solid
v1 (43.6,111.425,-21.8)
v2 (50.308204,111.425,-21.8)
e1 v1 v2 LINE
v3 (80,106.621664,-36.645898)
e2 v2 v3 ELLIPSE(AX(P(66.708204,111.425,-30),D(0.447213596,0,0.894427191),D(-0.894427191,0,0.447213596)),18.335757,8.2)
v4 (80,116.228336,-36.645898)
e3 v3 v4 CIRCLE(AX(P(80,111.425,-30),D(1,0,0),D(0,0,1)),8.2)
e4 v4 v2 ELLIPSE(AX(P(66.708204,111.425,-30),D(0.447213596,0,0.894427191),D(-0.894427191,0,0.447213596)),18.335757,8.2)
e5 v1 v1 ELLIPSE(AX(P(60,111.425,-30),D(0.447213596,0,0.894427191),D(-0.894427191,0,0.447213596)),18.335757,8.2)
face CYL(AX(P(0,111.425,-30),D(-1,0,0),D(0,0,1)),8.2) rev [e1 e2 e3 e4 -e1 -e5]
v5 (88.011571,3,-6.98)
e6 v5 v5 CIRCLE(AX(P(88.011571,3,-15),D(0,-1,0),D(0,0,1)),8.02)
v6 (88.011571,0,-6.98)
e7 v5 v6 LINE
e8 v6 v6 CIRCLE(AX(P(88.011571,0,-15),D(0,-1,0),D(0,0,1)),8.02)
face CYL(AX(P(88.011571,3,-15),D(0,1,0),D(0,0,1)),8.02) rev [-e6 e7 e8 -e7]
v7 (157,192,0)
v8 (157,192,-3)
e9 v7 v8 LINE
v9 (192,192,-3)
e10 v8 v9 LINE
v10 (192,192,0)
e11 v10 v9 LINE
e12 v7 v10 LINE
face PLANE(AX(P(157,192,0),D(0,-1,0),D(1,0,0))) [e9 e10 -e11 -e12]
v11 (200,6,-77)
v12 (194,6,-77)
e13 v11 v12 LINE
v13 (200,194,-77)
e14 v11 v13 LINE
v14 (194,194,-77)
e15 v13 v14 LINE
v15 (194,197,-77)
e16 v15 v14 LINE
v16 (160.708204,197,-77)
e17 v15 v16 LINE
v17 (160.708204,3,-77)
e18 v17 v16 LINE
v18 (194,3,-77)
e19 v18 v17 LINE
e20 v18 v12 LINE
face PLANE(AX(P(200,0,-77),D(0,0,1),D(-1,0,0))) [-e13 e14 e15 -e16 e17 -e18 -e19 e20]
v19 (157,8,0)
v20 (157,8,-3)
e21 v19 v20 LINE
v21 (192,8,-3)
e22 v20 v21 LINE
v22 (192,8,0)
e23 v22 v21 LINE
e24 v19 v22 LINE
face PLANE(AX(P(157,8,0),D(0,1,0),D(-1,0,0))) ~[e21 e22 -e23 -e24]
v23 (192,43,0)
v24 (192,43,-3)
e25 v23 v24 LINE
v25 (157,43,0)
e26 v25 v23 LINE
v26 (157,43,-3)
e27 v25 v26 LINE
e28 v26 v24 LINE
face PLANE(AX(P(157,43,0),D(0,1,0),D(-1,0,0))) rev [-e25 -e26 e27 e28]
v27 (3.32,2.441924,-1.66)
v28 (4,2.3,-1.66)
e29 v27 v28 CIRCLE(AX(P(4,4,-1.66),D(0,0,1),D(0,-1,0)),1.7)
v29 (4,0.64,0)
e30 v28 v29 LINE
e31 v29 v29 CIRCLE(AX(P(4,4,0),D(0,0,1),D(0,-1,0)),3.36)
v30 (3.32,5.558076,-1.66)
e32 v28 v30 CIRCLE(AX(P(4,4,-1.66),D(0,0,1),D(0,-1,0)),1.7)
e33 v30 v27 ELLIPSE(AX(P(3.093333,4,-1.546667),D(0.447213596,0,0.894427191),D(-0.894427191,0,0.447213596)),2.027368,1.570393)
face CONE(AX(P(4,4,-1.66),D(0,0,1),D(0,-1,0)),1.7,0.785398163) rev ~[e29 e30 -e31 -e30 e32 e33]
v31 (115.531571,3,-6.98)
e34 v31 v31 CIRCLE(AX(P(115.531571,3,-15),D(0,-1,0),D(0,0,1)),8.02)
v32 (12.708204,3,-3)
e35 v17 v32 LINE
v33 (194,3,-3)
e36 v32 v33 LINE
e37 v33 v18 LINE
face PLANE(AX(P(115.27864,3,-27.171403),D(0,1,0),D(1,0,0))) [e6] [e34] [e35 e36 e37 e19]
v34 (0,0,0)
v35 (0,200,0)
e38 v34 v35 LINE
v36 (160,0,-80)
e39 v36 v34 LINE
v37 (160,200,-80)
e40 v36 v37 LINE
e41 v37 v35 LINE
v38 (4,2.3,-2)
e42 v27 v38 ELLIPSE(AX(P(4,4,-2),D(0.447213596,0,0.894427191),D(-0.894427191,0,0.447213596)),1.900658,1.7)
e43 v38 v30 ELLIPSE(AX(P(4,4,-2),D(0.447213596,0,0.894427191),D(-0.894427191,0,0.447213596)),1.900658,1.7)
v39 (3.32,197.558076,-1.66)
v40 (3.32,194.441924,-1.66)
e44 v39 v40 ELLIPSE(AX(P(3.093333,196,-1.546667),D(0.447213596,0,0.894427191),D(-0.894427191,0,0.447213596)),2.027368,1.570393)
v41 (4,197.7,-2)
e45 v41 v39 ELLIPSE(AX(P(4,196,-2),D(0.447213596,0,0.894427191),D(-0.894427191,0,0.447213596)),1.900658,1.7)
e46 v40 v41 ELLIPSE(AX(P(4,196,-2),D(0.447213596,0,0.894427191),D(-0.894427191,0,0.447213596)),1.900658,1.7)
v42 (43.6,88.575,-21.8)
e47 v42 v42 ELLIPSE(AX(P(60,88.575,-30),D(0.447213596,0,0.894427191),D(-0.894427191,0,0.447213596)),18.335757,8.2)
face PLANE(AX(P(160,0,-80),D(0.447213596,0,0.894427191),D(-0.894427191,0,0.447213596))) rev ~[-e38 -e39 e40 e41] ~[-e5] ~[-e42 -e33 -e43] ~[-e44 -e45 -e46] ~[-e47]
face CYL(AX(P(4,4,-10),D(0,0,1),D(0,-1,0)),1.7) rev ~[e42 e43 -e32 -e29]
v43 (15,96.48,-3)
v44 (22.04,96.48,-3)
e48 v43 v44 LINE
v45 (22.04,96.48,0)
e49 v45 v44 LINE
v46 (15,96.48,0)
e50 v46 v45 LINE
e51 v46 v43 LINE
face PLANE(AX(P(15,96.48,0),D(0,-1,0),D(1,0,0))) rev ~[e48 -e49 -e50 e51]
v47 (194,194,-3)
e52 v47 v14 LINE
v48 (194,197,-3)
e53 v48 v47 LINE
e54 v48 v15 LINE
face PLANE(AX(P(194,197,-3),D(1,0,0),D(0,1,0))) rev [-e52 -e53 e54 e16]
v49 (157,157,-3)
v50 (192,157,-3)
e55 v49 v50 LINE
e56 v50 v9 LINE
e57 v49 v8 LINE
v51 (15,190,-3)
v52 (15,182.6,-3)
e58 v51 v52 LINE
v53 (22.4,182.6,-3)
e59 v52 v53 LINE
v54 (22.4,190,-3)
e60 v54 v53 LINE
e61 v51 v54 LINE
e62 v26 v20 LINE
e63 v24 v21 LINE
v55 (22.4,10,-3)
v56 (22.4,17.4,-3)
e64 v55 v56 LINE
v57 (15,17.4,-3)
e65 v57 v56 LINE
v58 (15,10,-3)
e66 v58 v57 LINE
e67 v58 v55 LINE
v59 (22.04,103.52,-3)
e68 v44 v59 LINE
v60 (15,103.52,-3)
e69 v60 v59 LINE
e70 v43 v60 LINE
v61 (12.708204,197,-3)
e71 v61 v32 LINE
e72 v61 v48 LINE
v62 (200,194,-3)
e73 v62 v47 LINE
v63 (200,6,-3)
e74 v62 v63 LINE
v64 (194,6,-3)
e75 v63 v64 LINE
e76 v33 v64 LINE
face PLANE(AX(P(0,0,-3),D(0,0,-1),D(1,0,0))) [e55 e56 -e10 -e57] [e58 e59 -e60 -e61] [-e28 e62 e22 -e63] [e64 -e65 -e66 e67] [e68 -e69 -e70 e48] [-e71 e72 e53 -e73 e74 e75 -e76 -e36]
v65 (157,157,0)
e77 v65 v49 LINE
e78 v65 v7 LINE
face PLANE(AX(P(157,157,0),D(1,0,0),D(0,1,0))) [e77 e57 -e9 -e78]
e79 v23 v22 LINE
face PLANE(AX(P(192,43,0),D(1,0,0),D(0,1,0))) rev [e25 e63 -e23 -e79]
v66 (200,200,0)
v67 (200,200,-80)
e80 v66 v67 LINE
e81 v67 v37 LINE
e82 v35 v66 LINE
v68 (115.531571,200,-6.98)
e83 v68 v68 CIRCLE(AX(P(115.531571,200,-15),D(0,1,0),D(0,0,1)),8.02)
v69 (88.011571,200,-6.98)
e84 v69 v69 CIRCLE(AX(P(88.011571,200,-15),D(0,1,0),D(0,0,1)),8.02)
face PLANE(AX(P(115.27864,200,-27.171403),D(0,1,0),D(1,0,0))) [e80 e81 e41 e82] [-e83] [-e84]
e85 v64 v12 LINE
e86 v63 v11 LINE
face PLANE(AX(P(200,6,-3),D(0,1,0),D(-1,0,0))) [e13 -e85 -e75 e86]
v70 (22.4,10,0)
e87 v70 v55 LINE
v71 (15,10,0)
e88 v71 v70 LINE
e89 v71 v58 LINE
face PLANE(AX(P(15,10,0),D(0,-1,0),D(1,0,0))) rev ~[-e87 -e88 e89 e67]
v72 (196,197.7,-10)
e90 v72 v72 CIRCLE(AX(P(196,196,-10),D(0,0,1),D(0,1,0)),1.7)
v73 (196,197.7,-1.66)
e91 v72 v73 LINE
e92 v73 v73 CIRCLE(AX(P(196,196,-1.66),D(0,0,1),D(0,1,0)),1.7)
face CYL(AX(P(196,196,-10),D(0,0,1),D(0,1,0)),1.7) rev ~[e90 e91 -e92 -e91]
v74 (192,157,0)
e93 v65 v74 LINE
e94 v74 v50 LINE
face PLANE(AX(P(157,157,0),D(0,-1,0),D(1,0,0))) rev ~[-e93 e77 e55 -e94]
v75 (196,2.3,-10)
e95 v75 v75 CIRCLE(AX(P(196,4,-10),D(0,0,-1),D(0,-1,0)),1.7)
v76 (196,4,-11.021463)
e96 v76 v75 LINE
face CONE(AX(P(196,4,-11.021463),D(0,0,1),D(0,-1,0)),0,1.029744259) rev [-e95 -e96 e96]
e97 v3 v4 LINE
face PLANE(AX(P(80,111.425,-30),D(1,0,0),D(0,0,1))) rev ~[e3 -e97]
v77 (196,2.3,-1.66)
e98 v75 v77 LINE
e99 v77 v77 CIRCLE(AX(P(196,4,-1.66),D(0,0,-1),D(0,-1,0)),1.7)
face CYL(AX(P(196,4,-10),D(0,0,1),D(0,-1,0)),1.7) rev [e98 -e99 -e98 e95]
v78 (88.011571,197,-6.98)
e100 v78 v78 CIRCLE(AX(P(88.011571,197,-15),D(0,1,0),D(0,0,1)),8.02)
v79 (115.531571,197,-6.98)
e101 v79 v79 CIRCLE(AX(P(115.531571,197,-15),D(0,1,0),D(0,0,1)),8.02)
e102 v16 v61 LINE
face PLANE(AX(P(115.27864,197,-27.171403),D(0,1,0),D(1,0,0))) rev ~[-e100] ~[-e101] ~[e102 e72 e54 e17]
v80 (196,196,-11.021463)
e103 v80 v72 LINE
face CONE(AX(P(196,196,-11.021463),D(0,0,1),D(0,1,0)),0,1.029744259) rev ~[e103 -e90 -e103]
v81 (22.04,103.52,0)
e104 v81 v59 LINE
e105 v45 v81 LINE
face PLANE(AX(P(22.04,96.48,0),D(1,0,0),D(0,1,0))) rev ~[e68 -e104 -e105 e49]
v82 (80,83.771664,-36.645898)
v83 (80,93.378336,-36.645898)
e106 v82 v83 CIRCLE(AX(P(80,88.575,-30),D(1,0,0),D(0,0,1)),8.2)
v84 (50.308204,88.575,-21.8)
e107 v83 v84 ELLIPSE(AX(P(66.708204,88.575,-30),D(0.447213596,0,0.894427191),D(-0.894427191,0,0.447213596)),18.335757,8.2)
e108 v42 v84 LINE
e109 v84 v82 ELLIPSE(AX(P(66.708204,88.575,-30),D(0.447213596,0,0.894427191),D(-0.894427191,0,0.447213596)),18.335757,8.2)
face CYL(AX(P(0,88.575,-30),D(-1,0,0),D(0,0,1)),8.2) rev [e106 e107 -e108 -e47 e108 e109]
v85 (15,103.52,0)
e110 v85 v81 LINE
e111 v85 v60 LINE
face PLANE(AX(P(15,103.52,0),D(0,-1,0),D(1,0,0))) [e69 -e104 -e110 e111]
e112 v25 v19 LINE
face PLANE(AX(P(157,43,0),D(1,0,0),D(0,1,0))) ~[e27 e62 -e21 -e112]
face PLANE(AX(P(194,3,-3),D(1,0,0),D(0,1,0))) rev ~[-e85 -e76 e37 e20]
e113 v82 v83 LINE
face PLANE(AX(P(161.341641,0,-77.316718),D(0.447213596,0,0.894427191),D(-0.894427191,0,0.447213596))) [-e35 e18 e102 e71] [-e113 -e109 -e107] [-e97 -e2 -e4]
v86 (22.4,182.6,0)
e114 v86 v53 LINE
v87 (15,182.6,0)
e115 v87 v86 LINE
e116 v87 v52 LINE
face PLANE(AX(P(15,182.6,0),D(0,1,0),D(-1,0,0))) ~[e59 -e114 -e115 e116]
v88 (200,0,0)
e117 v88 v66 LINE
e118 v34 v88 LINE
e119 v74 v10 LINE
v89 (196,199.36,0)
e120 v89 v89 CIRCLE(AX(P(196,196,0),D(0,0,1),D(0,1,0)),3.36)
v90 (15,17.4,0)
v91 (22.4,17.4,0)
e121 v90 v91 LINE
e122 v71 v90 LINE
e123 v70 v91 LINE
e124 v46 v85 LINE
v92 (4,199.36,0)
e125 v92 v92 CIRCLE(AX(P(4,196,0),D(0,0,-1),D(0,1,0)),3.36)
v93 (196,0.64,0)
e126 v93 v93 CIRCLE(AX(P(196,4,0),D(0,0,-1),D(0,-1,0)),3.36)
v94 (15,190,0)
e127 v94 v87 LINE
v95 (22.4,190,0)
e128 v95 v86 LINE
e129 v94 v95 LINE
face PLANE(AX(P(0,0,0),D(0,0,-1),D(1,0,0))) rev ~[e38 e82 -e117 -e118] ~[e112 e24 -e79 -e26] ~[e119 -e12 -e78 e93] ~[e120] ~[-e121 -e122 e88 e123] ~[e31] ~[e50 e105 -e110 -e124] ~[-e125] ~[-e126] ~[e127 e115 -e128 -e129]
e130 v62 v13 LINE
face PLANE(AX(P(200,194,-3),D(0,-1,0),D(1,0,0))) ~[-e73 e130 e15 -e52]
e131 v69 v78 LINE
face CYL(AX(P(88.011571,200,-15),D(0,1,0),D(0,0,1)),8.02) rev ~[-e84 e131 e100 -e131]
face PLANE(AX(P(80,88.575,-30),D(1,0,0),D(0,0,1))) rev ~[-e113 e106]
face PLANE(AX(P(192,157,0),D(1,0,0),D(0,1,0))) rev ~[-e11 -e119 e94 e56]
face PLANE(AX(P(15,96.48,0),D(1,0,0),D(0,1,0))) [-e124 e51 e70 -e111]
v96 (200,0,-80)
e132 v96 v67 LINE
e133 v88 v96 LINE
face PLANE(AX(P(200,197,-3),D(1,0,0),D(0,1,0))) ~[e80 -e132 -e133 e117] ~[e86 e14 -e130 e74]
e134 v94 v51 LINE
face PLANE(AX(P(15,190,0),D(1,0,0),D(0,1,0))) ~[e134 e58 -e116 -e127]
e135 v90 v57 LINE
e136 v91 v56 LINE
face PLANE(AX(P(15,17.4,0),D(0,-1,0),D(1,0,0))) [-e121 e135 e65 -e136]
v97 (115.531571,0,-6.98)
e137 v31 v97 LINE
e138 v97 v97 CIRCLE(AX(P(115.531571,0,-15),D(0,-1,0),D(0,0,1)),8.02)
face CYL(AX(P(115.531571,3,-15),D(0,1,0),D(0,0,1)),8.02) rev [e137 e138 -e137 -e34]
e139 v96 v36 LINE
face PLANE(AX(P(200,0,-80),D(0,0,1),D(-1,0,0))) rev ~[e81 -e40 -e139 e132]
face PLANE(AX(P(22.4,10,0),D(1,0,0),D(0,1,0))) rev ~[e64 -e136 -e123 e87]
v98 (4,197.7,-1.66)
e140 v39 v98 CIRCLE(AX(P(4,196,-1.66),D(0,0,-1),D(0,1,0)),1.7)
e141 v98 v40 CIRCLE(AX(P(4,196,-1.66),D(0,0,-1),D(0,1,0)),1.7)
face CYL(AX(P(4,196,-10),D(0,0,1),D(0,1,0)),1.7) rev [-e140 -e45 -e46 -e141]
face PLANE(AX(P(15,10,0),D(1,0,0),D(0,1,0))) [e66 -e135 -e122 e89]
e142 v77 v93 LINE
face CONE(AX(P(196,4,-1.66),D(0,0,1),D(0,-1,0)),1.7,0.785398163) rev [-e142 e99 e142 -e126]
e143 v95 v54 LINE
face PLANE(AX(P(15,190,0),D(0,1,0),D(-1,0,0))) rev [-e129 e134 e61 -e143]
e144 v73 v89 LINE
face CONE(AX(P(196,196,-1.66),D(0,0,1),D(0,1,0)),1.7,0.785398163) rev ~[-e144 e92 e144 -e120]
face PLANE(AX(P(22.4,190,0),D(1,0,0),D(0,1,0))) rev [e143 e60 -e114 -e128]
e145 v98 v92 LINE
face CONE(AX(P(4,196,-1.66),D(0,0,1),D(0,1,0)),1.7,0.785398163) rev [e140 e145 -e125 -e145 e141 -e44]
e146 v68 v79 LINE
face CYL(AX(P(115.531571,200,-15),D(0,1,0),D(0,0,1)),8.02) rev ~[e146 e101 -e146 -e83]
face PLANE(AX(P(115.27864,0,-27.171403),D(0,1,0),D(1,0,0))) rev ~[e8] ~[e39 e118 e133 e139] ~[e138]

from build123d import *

# Parameters (mm, degrees)
SALIENTE_EXTRUIR2_DEPTH = 200
VACIADO2_T              = -3
CROQUIS6_R              = 8.2
CORTAR_EXTRUIR4_DEPTH   = 80
CROQUIS2_R              = 8.02
CORTAR_EXTRUIR5_DEPTH   = 3
CORTAR_EXTRUIR6_START   = -3
CROQUIS5_R              = 8.02
CORTAR_EXTRUIR6_DEPTH   = 3
CROQUIS7_W              = 7.4
CROQUIS7_H              = 7.4
CORTAR_EXTRUIR11_DEPTH  = 3
CROQUIS8_W              = 7.04
CROQUIS8_H              = 7.04
CORTAR_EXTRUIR12_DEPTH  = 3
CROQUIS9_W              = 35
CROQUIS9_H              = 35
CORTAR_EXTRUIR13_DEPTH  = 3
CROQUIS15_W             = 6
CROQUIS15_H             = 3
SALIENTE_EXTRUIR3_DEPTH = 75


with BuildPart() as part:
    # Croquis1 → Saliente-Extruir2 (new body)
    with BuildSketch(Plane(origin=(0, 0, 0), x_dir=(1, 0, 0), z_dir=(0, 1, 0))):
        Polygon((0, 0), (200, 0), (200, 80), (160, 80), align=None)
    extrude(amount=SALIENTE_EXTRUIR2_DEPTH)

    # Vaciado2
    vaciado2_openings = [part.faces().sort_by_distance(p)[0] for p in [
        (200, 100, -40),
    ]]
    offset(amount=VACIADO2_T, openings=vaciado2_openings, kind=Kind.INTERSECTION)

    # Croquis6 → Cortar-Extruir4 (cut)
    with BuildSketch(Plane(origin=(0, 0, 0), x_dir=(0, 0, -1), z_dir=(1, 0, 0))):
        with Locations(Location((30, 88.575, 0), (0, 0, 180))):
            Circle(CROQUIS6_R)
        with Locations(Location((30, 111.425, 0), (0, 0, 180))):
            Circle(CROQUIS6_R)
    extrude(amount=CORTAR_EXTRUIR4_DEPTH, mode=Mode.SUBTRACT)

    # Croquis2 → Cortar-Extruir5 (cut)
    with BuildSketch(Plane(origin=(0, 200, 0), x_dir=(1, 0, 0), z_dir=(0, 1, 0))):
        with Locations(Location((88.011571484, 15, 0), (0, 0, 270))):
            Circle(CROQUIS2_R)
        with Locations(Location((115.531571484, 15, 0), (0, 0, 270))):
            Circle(CROQUIS2_R)
    extrude(amount=-CORTAR_EXTRUIR5_DEPTH, mode=Mode.SUBTRACT)

    # Croquis5 → Cortar-Extruir6 (cut)
    with BuildSketch(Plane.XZ.offset(CORTAR_EXTRUIR6_START)):
        with Locations(Location((88.011571484, -15, 0), (0, 0, 90))):
            Circle(CROQUIS5_R)
        with Locations(Location((115.531571484, -15, 0), (0, 0, 90))):
            Circle(CROQUIS5_R)
    extrude(amount=CORTAR_EXTRUIR6_DEPTH, mode=Mode.SUBTRACT)

    # Croquis7 → Cortar-Extruir11 (cut)
    with BuildSketch(Plane.XY):
        with Locations((18.7, 13.7)):
            Rectangle(CROQUIS7_W, CROQUIS7_H)
    cortar_extruir11 = extrude(amount=-CORTAR_EXTRUIR11_DEPTH, mode=Mode.SUBTRACT)

    # Simetría5: Cortar-Extruir11 across plane
    add(cortar_extruir11.mirror(Plane.ZX.offset(100)), mode=Mode.SUBTRACT)

    # Croquis8 → Cortar-Extruir12 (cut)
    with BuildSketch(Plane.XY):
        with Locations((18.52, 100)):
            Rectangle(CROQUIS8_W, CROQUIS8_H)
    extrude(amount=-CORTAR_EXTRUIR12_DEPTH, mode=Mode.SUBTRACT)

    # Croquis9 → Cortar-Extruir13 (cut)
    with BuildSketch(Plane.XY):
        with Locations((174.5, 174.5)):
            Rectangle(CROQUIS9_W, CROQUIS9_H)
    cortar_extruir13 = extrude(amount=-CORTAR_EXTRUIR13_DEPTH, mode=Mode.SUBTRACT)

    # Simetría6: Cortar-Extruir13 across plane
    add(cortar_extruir13.mirror(Plane.ZX.offset(100)), mode=Mode.SUBTRACT)

    # Croquis15 → Saliente-Extruir3 (add)
    with BuildSketch(Plane(origin=(0, 0, -3), x_dir=(-1, 0, 0), z_dir=(0, 0, -1))):
        with Locations((-197, 4.5)):
            Rectangle(CROQUIS15_W, CROQUIS15_H)
    saliente_extruir3 = extrude(amount=SALIENTE_EXTRUIR3_DEPTH)

    # Simetría7: Saliente-Extruir3 across plane
    add(saliente_extruir3.mirror(Plane.ZX.offset(100)))

    # Croquis18 → Refrentado para tornillo tapón con cabeza plana de clavija de M33 (revolve, cut)
    with BuildSketch(Plane(origin=(196, 4, 0), x_dir=(0, -1, 0), z_dir=(1, 0, 0))):
        Polygon((0, 0), (0, 11.021463052), (1.7, 10), (1.7, 1.66), (3.36, 0), align=None)
    refrentado_para_tornillo_tap_n_con_cabez = revolve(axis=Axis((196, 4, 6.35), (0, 0, -1)), mode=Mode.SUBTRACT)

    # Simetría8: Refrentado para tornillo tapón con cabeza plana de clavija de M33 across plane
    add(refrentado_para_tornillo_tap_n_con_cabez.mirror(Plane.ZX.offset(100)), mode=Mode.SUBTRACT)

    # Simetría9: Refrentado para tornillo tapón con cabeza plana de clavija de M33 across plane
    add(refrentado_para_tornillo_tap_n_con_cabez.mirror(Plane(origin=(100, 0, 0), x_dir=(0, 0, 1), z_dir=(1, 0, 0))), mode=Mode.SUBTRACT)

    # Simetría9 copy 1 sketch → Simetría9 copy 1 (revolve, cut)
    with BuildSketch(Plane(origin=(4, 196, 0), x_dir=(0, 1, 0), z_dir=(-1, 0, 0))):
        Polygon((0, 0), (0, 11.021463052), (1.7, 10), (1.7, 1.66), (3.36, 0), align=None)
    revolve(axis=Axis((4, 196, 6.35), (0, 0, -1)), mode=Mode.SUBTRACT)


solid = part.part
